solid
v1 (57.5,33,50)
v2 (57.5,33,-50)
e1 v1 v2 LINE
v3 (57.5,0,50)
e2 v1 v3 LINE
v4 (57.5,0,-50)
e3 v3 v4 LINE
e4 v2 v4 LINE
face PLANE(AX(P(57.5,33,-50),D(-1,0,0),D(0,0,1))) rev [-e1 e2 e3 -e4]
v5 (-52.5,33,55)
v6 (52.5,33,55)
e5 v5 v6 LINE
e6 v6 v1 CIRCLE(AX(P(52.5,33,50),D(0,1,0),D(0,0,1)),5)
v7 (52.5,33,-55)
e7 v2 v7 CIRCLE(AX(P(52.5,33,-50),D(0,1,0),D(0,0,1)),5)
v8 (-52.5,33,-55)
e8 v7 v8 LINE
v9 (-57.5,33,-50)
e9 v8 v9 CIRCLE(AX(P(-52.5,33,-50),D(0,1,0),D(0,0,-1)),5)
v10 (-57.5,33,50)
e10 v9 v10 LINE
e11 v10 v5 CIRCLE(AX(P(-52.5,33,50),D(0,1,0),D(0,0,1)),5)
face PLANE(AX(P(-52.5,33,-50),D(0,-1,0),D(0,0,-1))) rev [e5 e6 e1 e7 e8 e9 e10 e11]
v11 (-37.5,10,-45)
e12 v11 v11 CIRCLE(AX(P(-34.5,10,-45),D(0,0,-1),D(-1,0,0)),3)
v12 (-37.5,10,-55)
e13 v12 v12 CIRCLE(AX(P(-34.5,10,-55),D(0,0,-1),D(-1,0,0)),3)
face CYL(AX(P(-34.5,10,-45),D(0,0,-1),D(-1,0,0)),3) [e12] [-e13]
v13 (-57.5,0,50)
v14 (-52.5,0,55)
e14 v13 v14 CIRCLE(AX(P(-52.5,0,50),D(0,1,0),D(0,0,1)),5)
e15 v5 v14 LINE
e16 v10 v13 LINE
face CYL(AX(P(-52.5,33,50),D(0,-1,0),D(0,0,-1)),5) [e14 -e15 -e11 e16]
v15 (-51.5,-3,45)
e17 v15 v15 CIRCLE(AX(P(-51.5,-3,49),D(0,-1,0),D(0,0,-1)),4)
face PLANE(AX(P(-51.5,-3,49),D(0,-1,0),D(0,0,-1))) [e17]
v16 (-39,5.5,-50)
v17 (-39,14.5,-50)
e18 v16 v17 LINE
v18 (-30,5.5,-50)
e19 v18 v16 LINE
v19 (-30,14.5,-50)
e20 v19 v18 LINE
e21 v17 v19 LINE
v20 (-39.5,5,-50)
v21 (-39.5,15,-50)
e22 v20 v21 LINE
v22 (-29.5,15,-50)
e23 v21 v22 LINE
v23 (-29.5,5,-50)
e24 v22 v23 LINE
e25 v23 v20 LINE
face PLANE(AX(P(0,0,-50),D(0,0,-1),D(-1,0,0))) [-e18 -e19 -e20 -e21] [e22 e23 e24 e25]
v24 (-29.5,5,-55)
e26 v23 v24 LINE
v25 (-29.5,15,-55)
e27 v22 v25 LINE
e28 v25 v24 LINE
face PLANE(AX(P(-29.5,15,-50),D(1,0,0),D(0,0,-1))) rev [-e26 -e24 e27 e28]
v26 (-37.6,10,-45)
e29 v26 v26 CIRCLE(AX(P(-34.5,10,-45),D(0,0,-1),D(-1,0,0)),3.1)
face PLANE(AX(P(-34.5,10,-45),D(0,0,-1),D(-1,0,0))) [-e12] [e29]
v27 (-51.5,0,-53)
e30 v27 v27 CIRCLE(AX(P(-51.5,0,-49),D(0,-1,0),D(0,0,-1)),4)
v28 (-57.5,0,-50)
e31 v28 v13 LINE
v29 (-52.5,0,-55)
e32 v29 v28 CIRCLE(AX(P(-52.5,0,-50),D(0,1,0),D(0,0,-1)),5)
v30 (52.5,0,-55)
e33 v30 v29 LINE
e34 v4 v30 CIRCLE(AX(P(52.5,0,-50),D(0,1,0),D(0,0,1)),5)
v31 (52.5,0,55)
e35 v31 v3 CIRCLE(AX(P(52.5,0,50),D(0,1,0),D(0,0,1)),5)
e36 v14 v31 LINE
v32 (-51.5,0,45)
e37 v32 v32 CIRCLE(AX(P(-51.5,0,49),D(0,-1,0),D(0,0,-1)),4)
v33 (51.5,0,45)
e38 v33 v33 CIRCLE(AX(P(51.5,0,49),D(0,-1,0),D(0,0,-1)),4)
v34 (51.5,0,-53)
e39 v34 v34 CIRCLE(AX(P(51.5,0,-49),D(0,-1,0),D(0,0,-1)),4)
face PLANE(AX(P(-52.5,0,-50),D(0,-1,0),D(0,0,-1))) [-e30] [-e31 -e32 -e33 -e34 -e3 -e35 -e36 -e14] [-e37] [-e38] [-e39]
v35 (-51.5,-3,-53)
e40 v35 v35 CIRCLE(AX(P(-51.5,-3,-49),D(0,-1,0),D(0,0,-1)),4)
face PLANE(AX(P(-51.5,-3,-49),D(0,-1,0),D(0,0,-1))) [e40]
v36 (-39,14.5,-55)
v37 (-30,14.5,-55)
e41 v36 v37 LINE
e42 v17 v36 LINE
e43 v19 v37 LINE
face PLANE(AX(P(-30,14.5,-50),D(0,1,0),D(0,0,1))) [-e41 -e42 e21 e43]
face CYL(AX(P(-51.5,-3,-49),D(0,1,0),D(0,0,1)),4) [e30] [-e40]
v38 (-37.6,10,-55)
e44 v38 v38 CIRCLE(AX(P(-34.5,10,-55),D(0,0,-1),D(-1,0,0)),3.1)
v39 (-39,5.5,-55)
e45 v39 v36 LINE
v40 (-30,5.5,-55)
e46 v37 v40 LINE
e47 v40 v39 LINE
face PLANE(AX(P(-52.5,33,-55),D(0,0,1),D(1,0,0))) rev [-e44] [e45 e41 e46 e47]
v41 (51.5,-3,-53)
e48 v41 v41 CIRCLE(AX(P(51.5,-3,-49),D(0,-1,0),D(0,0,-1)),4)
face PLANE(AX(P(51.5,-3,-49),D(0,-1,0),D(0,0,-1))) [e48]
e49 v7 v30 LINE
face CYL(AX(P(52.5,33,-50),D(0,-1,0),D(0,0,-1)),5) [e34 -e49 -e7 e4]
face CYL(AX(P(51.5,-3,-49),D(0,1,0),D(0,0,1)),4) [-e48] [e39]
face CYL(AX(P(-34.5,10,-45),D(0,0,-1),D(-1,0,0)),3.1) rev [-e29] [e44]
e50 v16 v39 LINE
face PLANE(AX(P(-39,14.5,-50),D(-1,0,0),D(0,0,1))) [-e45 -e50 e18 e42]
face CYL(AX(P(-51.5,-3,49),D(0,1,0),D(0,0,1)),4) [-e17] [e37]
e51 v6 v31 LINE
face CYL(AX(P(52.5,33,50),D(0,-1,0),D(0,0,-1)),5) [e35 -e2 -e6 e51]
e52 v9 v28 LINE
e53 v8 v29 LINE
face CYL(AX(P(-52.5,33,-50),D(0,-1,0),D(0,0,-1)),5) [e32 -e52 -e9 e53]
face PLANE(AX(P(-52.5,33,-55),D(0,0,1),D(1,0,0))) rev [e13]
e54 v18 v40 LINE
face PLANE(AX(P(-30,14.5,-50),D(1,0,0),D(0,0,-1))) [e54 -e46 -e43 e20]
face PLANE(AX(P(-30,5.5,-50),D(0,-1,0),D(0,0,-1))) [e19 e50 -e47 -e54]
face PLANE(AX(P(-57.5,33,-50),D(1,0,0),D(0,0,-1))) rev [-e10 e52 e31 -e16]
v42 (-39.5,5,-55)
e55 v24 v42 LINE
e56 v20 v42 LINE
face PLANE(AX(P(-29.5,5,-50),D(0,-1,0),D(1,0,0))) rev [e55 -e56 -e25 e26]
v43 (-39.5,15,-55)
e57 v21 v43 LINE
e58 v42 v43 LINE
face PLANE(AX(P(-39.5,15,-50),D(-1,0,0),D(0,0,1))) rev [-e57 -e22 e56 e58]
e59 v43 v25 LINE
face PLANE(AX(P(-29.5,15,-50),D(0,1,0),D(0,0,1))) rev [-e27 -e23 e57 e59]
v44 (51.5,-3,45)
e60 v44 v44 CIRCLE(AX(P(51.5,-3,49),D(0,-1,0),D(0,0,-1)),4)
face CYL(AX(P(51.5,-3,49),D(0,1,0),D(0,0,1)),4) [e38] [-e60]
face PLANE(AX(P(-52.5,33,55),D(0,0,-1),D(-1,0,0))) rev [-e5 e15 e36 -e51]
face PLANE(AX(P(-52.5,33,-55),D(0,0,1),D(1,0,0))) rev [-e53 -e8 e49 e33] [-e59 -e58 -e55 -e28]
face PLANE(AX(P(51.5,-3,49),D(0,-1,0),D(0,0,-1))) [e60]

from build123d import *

# Parameters (mm, degrees)
EXTRUDE_1_DEPTH     = 33
SKETCH_2_R          = 4
EXTRUDE_2_DEPTH     = 3
SKETCH_3_W          = 10
SKETCH_3_H          = 10
SKETCH_3_W_2        = 9
SKETCH_3_H_2        = 9
CUT_EXTRUDE_1_DEPTH = 5
SKETCH_4_R          = 3.1
SKETCH_4_R_2        = 3
CUT_EXTRUDE_2_DEPTH = 10


with BuildPart() as part:
    # 草图1 → 凸台-拉伸1 (new body)
    with BuildSketch(Plane(origin=(0, 0, 0), x_dir=(1, 0, 0), z_dir=(0, 1, 0))):
        with BuildLine():
            Line((-52.5, 55), (52.5, 55))
            ThreePointArc((52.5, 55), (56.035533906, 53.535533906), (57.5, 50))
            Line((57.5, 50), (57.5, -50))
            ThreePointArc((57.5, -50), (56.035533906, -53.535533906), (52.5, -55))
            Line((52.5, -55), (-52.5, -55))
            ThreePointArc((-52.5, -55), (-56.035533906, -53.535533906), (-57.5, -50))
            Line((-57.5, -50), (-57.5, 50))
            ThreePointArc((-57.5, 50), (-56.035533906, 53.535533906), (-52.5, 55))
        make_face()
    extrude(amount=EXTRUDE_1_DEPTH)

    # 草图2 → 凸台-拉伸2 (add)
    with BuildSketch(Plane.XZ):
        with Locations(Location((-51.5, 49, 0), (0, 0, 270))):
            Circle(SKETCH_2_R)
        with Locations(Location((51.5, 49, 0), (0, 0, 270))):
            Circle(SKETCH_2_R)
        with Locations(Location((-51.5, -49, 0), (0, 0, 270))):
            Circle(SKETCH_2_R)
        with Locations(Location((51.5, -49, 0), (0, 0, 270))):
            Circle(SKETCH_2_R)
    extrude(amount=EXTRUDE_2_DEPTH)

    # 草图3 → 切除-拉伸1 (cut)
    with BuildSketch(Plane(origin=(0, 0, -55), x_dir=(-1, 0, 0), z_dir=(0, 0, -1))):
        with Locations((34.5, 10)):
            Rectangle(SKETCH_3_W, SKETCH_3_H)
        with Locations((34.5, 10)):
            Rectangle(SKETCH_3_W_2, SKETCH_3_H_2, mode=Mode.SUBTRACT)
    extrude(amount=-CUT_EXTRUDE_1_DEPTH, mode=Mode.SUBTRACT)

    # 草图4 → 切除-拉伸2 (cut)
    with BuildSketch(Plane(origin=(0, 0, -55), x_dir=(-1, 0, 0), z_dir=(0, 0, -1))):
        with Locations((34.5, 10)):
            Circle(SKETCH_4_R)
        with Locations((34.5, 10)):
            Circle(SKETCH_4_R_2, mode=Mode.SUBTRACT)
    extrude(amount=-CUT_EXTRUDE_2_DEPTH, mode=Mode.SUBTRACT)


solid = part.part
